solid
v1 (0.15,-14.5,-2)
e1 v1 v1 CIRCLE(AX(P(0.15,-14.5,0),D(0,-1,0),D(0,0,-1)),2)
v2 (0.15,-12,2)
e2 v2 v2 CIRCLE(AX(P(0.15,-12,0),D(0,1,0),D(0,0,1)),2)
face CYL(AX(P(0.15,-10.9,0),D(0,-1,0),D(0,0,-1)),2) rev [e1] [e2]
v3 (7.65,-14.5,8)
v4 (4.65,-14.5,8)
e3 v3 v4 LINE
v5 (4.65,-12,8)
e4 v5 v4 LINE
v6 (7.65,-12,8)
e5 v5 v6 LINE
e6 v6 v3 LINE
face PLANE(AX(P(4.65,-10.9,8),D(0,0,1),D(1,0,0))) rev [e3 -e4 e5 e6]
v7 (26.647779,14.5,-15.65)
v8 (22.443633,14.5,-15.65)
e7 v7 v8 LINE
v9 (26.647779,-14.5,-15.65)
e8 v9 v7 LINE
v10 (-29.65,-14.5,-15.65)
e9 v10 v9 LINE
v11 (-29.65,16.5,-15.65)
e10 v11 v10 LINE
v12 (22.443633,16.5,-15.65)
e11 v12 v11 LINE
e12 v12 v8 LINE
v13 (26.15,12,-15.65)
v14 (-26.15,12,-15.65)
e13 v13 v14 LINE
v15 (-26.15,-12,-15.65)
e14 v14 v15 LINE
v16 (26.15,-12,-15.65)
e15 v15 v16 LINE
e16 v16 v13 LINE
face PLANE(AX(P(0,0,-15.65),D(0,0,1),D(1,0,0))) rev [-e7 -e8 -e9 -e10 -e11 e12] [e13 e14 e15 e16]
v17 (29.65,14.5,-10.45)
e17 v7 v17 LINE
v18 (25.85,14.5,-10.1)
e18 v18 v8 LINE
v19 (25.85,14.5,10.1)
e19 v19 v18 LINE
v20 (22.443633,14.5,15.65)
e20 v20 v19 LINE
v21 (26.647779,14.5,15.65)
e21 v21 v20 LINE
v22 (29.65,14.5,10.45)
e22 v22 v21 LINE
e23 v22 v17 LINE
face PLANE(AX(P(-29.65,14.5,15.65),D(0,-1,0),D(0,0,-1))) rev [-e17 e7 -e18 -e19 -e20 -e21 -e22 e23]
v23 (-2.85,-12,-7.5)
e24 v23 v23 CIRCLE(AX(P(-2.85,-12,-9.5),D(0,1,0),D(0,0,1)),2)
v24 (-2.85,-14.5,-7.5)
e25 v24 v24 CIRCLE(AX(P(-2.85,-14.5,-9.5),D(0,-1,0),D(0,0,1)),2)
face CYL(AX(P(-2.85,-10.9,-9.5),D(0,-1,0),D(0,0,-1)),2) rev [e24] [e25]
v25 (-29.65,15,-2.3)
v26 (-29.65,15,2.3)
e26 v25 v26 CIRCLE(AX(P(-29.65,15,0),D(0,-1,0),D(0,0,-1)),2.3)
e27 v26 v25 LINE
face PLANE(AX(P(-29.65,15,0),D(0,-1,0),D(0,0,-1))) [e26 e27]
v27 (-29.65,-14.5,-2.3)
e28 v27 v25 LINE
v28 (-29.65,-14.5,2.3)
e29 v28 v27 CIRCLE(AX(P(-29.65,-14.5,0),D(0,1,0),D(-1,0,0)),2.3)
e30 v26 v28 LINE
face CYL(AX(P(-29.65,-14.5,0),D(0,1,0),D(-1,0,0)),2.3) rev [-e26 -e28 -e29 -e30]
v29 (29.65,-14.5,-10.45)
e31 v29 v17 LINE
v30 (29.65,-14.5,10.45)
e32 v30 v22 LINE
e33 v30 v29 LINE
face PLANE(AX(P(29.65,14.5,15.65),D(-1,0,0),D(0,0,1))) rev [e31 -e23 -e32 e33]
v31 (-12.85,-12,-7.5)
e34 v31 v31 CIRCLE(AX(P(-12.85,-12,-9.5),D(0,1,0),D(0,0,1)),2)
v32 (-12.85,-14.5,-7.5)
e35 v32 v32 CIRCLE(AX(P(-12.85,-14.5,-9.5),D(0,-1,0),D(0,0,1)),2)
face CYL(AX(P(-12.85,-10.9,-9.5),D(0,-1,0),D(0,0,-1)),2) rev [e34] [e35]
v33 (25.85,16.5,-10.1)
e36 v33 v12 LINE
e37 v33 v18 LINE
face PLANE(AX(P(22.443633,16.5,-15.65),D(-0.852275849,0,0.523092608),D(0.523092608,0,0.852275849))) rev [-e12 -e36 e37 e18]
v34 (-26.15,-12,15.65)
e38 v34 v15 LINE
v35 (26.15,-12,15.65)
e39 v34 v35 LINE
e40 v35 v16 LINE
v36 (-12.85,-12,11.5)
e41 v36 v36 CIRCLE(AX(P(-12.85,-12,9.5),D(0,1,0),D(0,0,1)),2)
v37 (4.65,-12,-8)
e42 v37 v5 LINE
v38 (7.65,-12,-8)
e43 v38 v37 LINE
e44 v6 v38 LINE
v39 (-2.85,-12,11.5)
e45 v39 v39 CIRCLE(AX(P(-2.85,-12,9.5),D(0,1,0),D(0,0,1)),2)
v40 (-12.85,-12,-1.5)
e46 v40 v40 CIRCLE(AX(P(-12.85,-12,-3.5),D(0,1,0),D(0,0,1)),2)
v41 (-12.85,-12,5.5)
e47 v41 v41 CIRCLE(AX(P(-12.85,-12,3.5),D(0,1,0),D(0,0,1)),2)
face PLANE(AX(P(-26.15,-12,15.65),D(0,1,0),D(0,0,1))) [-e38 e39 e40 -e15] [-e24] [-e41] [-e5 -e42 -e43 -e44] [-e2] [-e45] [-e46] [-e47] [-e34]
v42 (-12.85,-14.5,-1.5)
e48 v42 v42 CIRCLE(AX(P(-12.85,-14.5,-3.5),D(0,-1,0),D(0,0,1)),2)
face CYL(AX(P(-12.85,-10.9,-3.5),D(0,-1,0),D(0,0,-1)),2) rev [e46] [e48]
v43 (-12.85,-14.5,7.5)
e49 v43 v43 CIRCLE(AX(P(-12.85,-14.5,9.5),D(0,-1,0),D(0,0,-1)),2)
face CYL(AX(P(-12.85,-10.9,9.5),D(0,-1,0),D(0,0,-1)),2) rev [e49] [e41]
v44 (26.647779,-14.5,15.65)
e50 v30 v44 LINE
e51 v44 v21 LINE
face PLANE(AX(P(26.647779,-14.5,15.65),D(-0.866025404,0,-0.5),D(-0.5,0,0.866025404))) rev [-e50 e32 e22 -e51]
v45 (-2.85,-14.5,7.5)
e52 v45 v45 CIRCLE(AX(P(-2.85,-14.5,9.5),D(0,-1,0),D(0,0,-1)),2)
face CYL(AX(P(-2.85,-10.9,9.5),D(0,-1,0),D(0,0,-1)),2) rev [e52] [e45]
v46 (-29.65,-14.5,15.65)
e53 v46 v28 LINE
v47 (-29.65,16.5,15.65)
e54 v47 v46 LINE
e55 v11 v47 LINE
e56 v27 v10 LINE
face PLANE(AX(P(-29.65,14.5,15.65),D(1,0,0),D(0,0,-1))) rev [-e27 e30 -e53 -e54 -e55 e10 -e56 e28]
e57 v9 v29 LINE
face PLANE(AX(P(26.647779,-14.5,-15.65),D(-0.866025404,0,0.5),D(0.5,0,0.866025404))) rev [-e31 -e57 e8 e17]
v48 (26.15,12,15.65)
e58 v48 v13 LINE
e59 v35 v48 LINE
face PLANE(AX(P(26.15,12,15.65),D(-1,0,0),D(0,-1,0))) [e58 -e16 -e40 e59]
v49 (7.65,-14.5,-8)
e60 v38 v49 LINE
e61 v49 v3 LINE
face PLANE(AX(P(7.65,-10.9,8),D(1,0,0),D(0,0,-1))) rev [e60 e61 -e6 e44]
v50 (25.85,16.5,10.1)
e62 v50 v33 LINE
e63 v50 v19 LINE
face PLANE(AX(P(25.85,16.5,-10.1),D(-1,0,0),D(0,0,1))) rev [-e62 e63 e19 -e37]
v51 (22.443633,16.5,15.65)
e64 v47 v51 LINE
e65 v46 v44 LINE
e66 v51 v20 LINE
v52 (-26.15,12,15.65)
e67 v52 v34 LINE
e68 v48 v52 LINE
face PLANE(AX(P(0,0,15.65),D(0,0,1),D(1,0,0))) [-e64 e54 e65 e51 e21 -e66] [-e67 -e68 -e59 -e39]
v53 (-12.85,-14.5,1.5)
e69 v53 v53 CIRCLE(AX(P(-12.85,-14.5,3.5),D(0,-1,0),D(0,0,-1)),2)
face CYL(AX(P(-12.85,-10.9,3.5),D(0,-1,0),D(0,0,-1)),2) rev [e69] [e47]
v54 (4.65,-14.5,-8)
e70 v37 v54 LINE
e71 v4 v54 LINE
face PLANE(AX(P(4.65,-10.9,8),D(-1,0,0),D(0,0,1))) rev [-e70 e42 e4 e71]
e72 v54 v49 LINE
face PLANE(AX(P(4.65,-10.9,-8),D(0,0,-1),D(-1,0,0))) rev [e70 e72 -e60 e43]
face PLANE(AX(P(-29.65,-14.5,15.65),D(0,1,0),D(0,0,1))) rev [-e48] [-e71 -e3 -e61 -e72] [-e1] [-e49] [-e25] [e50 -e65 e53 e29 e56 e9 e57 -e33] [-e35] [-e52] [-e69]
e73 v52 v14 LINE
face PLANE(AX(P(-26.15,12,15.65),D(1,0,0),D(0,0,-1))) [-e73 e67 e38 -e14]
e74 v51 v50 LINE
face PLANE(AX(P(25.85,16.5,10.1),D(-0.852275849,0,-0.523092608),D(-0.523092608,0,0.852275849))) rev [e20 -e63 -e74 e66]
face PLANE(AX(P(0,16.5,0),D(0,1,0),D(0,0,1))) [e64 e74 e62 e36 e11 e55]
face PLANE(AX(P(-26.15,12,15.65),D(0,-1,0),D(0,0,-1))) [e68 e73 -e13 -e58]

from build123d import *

# Parameters (mm, degrees)
VISTA_FRONTAL_W         = 59.3
VISTA_FRONTAL_H         = 29
VISTA_FRONTAL_W_2       = 52.3
VISTA_FRONTAL_H_2       = 24
CORPO_DO_MODULO_DEPTH   = 15.65
ESBO_O3_R               = 2.3
PADR_O_DE_ENCAIXE_DEPTH = 45.328828092
ESBO_O4_R               = 2
ESBO_O4_W               = 3
ESBO_O4_H               = 16
FUROS_INTERNOS_DEPTH    = 3.6
CAL_O_SUPERIOR_DEPTH    = 2
CORTE_START             = -0.5
FURO_COMPENSADOR_R      = 2.3
CORTE_COMPENSADOR_DEPTH = 0.5


with BuildPart() as part:
    # Vista Frontal → Corpo do Modulo (new, symmetric)
    with BuildSketch(Plane.XY):
        Rectangle(VISTA_FRONTAL_W, VISTA_FRONTAL_H)
        Rectangle(VISTA_FRONTAL_W_2, VISTA_FRONTAL_H_2, mode=Mode.SUBTRACT)
    extrude(amount=CORPO_DO_MODULO_DEPTH, both=True)

    # Esboço3 → Padrão de Encaixe (cut, through all)
    with BuildSketch(Plane(origin=(0, 14.5, 0), x_dir=(1, 0, 0), z_dir=(0, 1, 0))):
        with Locations((-29.65, 0)):
            Circle(ESBO_O3_R)
        Polygon((26.6477786, -15.65), (29.65, -10.45), (29.65, -15.65), align=None)
        Polygon((29.65, 15.65), (26.6477786, 15.65), (29.65, 10.45), align=None)
    extrude(amount=-PADR_O_DE_ENCAIXE_DEPTH, mode=Mode.SUBTRACT)

    # Esboço4 → Furos Internos (cut)
    with BuildSketch(Plane.XZ.offset(14.5)):
        with Locations(Location((0.15, 0, 0), (0, 0, 270))):
            Circle(ESBO_O4_R)
        with Locations(Location((-2.85, 9.5, 0), (0, 0, 270))):
            Circle(ESBO_O4_R)
        with Locations(Location((-12.85, 9.5, 0), (0, 0, 270))):
            Circle(ESBO_O4_R)
        with Locations(Location((-12.85, 3.5, 0), (0, 0, 270))):
            Circle(ESBO_O4_R)
        with Locations(Location((-12.85, -3.5, 0), (0, 0, 90))):
            Circle(ESBO_O4_R)
        with Locations(Location((-12.85, -9.5, 0), (0, 0, 90))):
            Circle(ESBO_O4_R)
        with Locations(Location((-2.85, -9.5, 0), (0, 0, 90))):
            Circle(ESBO_O4_R)
        with Locations((6.15, 0)):
            Rectangle(ESBO_O4_W, ESBO_O4_H)
    extrude(amount=-FUROS_INTERNOS_DEPTH, mode=Mode.SUBTRACT)

    # Extra Tampa → Calço Superior (add)
    with BuildSketch(Plane(origin=(0, 14.5, 0), x_dir=(1, 0, 0), z_dir=(0, 1, 0))):
        Polygon((-29.65, 15.65), (22.443633412, 15.65), (25.85, 10.1), (25.85, -10.1), (22.443633412, -15.65), (-29.65, -15.65), align=None)
    extrude(amount=CAL_O_SUPERIOR_DEPTH)

    # Furo Compensador → Corte compensador (cut)
    with BuildSketch(Plane.XZ.offset(-14.5).offset(CORTE_START)):
        with Locations((-29.65, 0)):
            Circle(FURO_COMPENSADOR_R)
    extrude(amount=CORTE_COMPENSADOR_DEPTH, mode=Mode.SUBTRACT)


solid = part.part
